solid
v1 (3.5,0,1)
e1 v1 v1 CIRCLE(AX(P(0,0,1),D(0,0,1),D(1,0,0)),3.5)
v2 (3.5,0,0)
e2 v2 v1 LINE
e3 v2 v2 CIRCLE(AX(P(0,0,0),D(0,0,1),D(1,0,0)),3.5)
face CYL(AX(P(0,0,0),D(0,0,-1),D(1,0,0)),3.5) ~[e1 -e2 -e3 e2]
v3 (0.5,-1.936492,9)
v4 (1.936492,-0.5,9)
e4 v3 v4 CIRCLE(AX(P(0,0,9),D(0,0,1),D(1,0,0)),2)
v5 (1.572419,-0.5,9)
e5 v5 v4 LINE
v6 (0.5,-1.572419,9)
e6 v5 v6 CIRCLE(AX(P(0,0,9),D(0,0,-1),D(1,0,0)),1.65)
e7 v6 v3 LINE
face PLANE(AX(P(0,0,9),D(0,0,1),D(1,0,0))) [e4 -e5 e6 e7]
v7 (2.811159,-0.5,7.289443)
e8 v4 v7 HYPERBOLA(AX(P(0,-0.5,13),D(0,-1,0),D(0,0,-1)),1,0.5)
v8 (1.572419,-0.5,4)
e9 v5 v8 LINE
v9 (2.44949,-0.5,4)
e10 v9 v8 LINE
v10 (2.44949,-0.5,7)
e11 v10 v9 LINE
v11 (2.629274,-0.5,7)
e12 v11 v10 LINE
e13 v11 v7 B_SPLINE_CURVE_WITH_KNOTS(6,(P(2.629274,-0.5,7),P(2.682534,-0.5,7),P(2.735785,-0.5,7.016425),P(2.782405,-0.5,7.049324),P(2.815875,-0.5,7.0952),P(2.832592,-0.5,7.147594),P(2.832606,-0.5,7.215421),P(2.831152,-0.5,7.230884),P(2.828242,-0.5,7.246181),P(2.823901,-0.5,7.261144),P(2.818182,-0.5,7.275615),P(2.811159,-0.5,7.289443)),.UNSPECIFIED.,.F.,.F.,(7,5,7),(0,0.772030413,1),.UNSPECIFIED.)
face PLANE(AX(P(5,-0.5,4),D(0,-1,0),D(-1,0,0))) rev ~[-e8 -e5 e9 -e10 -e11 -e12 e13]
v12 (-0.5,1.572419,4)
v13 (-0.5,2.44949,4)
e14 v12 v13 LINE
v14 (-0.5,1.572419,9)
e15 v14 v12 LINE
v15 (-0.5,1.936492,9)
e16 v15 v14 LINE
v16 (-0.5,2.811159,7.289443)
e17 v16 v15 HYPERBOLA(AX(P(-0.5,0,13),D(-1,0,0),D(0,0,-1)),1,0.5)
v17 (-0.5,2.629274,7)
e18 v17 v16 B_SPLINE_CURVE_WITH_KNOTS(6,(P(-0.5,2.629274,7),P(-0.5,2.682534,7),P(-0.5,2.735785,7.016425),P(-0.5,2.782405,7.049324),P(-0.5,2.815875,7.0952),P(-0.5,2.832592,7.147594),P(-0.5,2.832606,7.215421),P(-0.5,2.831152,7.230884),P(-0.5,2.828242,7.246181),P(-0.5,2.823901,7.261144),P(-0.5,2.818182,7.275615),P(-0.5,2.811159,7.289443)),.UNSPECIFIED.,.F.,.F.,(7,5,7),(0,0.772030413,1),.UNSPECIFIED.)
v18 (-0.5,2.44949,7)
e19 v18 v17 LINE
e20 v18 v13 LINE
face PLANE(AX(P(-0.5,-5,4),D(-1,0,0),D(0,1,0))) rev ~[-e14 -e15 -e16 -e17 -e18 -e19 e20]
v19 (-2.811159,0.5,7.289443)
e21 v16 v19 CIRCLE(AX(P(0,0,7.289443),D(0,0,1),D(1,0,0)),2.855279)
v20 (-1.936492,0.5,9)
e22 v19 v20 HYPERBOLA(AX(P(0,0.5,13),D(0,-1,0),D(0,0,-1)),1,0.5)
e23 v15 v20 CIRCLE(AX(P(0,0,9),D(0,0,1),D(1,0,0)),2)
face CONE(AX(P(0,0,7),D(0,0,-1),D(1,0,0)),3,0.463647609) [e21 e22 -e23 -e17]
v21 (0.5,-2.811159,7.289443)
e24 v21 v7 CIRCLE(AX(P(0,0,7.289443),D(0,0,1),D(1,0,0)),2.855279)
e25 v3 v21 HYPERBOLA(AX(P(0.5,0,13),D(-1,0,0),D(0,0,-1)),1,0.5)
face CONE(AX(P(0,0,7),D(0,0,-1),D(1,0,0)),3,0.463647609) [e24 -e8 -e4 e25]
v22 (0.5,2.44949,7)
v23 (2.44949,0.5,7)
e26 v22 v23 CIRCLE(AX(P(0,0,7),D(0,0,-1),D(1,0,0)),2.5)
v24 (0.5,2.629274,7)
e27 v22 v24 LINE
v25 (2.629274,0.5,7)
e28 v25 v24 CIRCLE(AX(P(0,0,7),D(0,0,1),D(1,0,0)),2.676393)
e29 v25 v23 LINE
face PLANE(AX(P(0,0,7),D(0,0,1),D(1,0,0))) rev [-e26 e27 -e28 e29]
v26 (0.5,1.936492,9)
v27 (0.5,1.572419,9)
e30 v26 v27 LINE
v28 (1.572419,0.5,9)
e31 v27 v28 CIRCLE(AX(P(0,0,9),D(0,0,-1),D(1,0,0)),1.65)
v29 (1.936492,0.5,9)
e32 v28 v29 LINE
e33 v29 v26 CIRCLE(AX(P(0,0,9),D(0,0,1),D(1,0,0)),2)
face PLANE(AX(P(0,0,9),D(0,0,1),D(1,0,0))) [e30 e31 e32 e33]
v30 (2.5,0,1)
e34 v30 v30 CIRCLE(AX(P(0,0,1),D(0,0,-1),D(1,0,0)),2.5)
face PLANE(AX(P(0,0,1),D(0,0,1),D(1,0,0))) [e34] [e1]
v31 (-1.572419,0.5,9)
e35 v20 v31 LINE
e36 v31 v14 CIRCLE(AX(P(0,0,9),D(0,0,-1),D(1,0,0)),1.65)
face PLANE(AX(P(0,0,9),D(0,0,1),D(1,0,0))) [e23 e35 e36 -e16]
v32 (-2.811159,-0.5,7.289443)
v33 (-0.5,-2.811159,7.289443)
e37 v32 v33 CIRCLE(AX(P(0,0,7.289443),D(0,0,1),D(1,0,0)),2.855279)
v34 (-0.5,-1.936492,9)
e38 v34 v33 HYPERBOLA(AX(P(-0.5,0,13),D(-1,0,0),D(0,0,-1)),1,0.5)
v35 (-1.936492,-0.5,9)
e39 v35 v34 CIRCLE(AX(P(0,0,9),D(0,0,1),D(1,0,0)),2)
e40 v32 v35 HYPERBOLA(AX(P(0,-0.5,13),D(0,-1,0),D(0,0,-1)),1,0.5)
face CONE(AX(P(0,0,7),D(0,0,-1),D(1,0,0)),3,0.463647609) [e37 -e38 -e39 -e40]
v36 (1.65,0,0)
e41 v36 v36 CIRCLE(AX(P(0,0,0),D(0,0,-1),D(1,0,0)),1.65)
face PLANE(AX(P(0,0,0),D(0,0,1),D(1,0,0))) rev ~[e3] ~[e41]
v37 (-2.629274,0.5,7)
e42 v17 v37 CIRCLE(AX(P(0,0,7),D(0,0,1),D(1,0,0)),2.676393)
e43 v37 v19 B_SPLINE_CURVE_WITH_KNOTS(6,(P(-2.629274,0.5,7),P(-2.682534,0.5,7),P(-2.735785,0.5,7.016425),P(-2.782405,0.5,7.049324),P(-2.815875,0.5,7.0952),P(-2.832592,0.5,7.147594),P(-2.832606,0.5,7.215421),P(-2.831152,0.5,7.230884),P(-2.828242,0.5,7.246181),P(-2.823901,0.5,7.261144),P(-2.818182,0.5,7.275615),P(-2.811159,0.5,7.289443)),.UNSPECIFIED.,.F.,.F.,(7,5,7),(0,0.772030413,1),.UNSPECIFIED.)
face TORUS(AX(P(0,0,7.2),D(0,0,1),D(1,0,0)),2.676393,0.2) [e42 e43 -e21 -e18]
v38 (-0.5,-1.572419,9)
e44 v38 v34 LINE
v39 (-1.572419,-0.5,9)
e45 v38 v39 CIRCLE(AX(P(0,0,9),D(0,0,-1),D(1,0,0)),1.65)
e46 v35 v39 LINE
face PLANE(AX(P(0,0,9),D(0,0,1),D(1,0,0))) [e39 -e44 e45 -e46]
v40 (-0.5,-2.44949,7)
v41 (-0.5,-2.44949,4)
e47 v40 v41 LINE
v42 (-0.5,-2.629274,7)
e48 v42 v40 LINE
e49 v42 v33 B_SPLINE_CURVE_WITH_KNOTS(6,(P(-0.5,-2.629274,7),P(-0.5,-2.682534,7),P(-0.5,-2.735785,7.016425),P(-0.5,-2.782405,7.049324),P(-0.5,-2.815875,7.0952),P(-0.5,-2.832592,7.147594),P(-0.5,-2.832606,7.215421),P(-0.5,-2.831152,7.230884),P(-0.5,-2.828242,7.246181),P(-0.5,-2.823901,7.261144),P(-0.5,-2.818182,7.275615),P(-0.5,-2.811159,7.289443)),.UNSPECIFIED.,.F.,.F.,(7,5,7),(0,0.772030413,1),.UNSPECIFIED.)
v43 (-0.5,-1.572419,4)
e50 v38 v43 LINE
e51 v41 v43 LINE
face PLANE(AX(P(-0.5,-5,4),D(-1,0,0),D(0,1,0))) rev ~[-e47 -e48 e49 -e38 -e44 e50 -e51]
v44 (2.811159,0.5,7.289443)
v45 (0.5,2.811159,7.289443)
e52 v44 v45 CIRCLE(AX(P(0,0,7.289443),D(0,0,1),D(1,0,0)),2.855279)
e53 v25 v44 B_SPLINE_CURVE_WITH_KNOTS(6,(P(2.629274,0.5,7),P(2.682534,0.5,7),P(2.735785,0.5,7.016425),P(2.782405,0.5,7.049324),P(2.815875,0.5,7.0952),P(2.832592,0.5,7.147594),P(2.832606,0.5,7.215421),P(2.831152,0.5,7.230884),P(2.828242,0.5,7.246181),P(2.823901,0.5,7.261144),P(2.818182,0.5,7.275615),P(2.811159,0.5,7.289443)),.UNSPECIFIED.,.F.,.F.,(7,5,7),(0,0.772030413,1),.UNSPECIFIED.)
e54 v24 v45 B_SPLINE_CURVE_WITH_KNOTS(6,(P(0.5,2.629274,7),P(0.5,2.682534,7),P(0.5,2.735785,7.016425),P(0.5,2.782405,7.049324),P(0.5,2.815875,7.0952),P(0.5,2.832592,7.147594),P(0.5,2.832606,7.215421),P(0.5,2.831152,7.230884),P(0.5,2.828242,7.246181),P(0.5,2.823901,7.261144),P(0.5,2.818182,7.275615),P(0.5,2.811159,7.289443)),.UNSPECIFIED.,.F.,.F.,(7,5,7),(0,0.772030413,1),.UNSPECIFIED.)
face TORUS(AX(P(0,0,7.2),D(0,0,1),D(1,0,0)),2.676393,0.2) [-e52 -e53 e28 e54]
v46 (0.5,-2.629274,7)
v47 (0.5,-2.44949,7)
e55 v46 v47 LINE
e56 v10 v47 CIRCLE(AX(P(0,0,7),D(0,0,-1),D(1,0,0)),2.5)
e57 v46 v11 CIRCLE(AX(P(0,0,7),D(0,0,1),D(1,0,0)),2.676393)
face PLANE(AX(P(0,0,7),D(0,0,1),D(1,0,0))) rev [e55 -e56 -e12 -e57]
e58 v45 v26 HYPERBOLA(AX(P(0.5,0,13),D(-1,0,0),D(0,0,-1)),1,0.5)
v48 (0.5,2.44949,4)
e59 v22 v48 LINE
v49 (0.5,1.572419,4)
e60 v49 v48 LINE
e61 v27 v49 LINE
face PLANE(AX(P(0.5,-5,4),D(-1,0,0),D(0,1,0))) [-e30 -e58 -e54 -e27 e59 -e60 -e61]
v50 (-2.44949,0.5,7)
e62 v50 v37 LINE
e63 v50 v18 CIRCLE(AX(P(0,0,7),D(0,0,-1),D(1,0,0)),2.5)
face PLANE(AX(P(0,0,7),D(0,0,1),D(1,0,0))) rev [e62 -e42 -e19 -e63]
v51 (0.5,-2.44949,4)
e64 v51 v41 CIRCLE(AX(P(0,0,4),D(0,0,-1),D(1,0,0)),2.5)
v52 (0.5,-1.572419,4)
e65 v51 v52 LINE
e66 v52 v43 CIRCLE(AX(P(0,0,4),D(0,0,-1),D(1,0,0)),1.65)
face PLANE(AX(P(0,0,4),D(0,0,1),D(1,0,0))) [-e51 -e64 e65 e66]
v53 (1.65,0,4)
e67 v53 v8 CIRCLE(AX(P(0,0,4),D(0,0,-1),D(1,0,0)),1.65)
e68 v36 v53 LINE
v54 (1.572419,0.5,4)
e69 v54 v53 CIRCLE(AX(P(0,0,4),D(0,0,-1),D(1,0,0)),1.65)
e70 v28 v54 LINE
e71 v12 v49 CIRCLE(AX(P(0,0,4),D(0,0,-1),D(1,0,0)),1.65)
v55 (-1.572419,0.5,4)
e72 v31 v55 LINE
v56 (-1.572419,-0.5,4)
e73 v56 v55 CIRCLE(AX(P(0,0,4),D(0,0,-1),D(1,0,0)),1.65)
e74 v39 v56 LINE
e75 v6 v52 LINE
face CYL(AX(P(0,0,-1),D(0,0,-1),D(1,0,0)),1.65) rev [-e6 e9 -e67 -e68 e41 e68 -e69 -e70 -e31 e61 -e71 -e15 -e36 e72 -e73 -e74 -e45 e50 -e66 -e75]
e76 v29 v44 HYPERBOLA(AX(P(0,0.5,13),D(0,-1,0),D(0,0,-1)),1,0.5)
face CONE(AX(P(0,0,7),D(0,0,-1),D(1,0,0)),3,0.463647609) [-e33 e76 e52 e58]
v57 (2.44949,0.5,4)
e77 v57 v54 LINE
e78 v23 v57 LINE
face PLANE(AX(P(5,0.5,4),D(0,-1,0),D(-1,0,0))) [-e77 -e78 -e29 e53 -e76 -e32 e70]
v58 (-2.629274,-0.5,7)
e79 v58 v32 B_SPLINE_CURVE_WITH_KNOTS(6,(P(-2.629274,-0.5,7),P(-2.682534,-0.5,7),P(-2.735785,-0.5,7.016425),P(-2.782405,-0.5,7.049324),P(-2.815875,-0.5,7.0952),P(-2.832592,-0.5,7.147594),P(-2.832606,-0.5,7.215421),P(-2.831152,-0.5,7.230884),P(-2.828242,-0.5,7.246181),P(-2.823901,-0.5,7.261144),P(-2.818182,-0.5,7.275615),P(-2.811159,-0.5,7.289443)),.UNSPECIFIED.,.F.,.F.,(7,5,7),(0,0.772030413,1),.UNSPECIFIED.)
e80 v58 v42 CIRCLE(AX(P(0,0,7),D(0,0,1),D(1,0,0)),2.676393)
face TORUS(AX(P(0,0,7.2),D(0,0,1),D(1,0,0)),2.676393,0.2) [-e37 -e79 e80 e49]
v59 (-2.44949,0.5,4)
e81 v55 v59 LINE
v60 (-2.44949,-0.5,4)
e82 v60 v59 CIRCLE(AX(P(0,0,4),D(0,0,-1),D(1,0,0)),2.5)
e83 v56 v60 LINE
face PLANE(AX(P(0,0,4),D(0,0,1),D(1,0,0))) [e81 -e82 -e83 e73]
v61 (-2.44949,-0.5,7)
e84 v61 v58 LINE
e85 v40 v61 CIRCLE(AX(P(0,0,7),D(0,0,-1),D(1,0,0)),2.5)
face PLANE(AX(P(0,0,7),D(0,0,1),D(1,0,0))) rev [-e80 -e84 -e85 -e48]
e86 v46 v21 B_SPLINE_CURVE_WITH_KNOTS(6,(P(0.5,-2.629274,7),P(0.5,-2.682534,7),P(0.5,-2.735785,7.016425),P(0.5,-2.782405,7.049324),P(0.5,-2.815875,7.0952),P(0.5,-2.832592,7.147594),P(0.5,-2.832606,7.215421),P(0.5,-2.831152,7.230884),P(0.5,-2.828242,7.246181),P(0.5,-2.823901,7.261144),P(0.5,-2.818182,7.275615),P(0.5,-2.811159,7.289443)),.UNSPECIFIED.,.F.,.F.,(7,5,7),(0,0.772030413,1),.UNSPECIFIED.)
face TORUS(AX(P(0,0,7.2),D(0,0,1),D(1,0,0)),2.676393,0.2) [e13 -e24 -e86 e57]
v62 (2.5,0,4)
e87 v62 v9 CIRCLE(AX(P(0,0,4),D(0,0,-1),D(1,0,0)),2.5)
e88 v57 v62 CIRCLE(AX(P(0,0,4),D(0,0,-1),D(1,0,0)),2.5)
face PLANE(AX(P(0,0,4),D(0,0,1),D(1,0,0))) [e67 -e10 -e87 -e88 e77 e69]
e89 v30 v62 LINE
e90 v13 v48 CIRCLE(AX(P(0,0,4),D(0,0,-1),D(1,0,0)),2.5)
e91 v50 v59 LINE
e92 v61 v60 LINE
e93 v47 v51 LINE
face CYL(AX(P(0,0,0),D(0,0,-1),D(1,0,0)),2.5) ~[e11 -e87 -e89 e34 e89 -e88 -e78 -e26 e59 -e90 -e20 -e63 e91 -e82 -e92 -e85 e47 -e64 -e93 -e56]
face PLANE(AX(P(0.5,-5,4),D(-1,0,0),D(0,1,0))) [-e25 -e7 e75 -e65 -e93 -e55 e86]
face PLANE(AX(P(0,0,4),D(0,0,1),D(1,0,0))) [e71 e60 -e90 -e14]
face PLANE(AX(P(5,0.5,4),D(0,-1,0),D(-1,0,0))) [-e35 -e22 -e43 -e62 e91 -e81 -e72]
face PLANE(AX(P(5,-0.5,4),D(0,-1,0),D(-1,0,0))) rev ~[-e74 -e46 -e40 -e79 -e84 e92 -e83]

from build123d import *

# Parameters (mm, degrees)
BOX002_W               = 1
BOX002_H               = 10
BOX002_DEPTH           = 10
BOX003_W               = 1
BOX003_H               = 10
BOX003_DEPTH           = 10
BOX003_PLACEMENT_ANGLE = 90
CYLINDER013_R          = 1.65
CYLINDER013_DEPTH      = 14
CYLINDER011_R          = 2.5
CYLINDER011_DEPTH      = 7.5
CYLINDER012_R          = 3.5
CYLINDER012_DEPTH      = 1
FILLET002_R            = 0.2


with BuildPart() as cube002:
    # Box002 → Box002 (new body)
    with BuildSketch(Plane(origin=(-0.5, -5, 0), x_dir=(1, 0, 0), z_dir=(0, 0, 1))):
        with Locations((0.5, 5)):
            Rectangle(BOX002_W, BOX002_H)
    extrude(amount=BOX002_DEPTH)


with BuildPart() as fusion011:
    # Box003 → Box003 (new body)
    with BuildSketch(Plane.XY):
        with Locations((0.5, 5)):
            Rectangle(BOX003_W, BOX003_H)
    extrude(amount=BOX003_DEPTH)


with BuildPart() as fusion011_1:
    # Box003 placement: moved
    add(fusion011.part.moved(Location((5, -0.5, 0))).rotate(Axis((5, -0.5, 0), (0, 0, 1)), BOX003_PLACEMENT_ANGLE))

    # Fusion011: union Cube002
    add(cube002.part)


with BuildPart() as fusion011_2:
    # Fusion011 placement: moved
    add(fusion011_1.part.moved(Location((0, 0, 4))))


with BuildPart() as cylinder013:
    # Cylinder013 → Cylinder013 (new body)
    with BuildSketch(Plane.XY.offset(-1)):
        Circle(CYLINDER013_R)
    extrude(amount=CYLINDER013_DEPTH)


with BuildPart() as cylinder011:
    # Cylinder011 → Cylinder011 (new body)
    with BuildSketch(Plane.XY):
        Circle(CYLINDER011_R)
    extrude(amount=CYLINDER011_DEPTH)


with BuildPart() as cylinder012:
    # Cylinder012 → Cylinder012 (new body)
    with BuildSketch(Plane.XY):
        Circle(CYLINDER012_R)
    extrude(amount=CYLINDER012_DEPTH)


with BuildPart() as cut008:
    # Cone → Cone (revolve)
    with BuildSketch(Plane(origin=(0, 0, 7), x_dir=(1, 0, 0), z_dir=(0, -1, 0))):
        Polygon((0, 0), (3, 0), (2, 2), (0, 2), align=None)
    revolve(axis=Axis((0, 0, 7), (0, 0, 1)))

    # Fillet002
    fillet002_edges = [cut008.edges().sort_by_distance(p)[0] for p in [
        (-3, 0, 7),
    ]]
    fillet(fillet002_edges, radius=FILLET002_R)

    # Fusion012: union Cylinder011, Cylinder012
    add(cylinder011.part)
    add(cylinder012.part)

    # Cut007: cut Cylinder013
    add(cylinder013.part, mode=Mode.SUBTRACT)

    # Cut008: cut Fusion011
    add(fusion011_2.part, mode=Mode.SUBTRACT)


solid = cut008.part
